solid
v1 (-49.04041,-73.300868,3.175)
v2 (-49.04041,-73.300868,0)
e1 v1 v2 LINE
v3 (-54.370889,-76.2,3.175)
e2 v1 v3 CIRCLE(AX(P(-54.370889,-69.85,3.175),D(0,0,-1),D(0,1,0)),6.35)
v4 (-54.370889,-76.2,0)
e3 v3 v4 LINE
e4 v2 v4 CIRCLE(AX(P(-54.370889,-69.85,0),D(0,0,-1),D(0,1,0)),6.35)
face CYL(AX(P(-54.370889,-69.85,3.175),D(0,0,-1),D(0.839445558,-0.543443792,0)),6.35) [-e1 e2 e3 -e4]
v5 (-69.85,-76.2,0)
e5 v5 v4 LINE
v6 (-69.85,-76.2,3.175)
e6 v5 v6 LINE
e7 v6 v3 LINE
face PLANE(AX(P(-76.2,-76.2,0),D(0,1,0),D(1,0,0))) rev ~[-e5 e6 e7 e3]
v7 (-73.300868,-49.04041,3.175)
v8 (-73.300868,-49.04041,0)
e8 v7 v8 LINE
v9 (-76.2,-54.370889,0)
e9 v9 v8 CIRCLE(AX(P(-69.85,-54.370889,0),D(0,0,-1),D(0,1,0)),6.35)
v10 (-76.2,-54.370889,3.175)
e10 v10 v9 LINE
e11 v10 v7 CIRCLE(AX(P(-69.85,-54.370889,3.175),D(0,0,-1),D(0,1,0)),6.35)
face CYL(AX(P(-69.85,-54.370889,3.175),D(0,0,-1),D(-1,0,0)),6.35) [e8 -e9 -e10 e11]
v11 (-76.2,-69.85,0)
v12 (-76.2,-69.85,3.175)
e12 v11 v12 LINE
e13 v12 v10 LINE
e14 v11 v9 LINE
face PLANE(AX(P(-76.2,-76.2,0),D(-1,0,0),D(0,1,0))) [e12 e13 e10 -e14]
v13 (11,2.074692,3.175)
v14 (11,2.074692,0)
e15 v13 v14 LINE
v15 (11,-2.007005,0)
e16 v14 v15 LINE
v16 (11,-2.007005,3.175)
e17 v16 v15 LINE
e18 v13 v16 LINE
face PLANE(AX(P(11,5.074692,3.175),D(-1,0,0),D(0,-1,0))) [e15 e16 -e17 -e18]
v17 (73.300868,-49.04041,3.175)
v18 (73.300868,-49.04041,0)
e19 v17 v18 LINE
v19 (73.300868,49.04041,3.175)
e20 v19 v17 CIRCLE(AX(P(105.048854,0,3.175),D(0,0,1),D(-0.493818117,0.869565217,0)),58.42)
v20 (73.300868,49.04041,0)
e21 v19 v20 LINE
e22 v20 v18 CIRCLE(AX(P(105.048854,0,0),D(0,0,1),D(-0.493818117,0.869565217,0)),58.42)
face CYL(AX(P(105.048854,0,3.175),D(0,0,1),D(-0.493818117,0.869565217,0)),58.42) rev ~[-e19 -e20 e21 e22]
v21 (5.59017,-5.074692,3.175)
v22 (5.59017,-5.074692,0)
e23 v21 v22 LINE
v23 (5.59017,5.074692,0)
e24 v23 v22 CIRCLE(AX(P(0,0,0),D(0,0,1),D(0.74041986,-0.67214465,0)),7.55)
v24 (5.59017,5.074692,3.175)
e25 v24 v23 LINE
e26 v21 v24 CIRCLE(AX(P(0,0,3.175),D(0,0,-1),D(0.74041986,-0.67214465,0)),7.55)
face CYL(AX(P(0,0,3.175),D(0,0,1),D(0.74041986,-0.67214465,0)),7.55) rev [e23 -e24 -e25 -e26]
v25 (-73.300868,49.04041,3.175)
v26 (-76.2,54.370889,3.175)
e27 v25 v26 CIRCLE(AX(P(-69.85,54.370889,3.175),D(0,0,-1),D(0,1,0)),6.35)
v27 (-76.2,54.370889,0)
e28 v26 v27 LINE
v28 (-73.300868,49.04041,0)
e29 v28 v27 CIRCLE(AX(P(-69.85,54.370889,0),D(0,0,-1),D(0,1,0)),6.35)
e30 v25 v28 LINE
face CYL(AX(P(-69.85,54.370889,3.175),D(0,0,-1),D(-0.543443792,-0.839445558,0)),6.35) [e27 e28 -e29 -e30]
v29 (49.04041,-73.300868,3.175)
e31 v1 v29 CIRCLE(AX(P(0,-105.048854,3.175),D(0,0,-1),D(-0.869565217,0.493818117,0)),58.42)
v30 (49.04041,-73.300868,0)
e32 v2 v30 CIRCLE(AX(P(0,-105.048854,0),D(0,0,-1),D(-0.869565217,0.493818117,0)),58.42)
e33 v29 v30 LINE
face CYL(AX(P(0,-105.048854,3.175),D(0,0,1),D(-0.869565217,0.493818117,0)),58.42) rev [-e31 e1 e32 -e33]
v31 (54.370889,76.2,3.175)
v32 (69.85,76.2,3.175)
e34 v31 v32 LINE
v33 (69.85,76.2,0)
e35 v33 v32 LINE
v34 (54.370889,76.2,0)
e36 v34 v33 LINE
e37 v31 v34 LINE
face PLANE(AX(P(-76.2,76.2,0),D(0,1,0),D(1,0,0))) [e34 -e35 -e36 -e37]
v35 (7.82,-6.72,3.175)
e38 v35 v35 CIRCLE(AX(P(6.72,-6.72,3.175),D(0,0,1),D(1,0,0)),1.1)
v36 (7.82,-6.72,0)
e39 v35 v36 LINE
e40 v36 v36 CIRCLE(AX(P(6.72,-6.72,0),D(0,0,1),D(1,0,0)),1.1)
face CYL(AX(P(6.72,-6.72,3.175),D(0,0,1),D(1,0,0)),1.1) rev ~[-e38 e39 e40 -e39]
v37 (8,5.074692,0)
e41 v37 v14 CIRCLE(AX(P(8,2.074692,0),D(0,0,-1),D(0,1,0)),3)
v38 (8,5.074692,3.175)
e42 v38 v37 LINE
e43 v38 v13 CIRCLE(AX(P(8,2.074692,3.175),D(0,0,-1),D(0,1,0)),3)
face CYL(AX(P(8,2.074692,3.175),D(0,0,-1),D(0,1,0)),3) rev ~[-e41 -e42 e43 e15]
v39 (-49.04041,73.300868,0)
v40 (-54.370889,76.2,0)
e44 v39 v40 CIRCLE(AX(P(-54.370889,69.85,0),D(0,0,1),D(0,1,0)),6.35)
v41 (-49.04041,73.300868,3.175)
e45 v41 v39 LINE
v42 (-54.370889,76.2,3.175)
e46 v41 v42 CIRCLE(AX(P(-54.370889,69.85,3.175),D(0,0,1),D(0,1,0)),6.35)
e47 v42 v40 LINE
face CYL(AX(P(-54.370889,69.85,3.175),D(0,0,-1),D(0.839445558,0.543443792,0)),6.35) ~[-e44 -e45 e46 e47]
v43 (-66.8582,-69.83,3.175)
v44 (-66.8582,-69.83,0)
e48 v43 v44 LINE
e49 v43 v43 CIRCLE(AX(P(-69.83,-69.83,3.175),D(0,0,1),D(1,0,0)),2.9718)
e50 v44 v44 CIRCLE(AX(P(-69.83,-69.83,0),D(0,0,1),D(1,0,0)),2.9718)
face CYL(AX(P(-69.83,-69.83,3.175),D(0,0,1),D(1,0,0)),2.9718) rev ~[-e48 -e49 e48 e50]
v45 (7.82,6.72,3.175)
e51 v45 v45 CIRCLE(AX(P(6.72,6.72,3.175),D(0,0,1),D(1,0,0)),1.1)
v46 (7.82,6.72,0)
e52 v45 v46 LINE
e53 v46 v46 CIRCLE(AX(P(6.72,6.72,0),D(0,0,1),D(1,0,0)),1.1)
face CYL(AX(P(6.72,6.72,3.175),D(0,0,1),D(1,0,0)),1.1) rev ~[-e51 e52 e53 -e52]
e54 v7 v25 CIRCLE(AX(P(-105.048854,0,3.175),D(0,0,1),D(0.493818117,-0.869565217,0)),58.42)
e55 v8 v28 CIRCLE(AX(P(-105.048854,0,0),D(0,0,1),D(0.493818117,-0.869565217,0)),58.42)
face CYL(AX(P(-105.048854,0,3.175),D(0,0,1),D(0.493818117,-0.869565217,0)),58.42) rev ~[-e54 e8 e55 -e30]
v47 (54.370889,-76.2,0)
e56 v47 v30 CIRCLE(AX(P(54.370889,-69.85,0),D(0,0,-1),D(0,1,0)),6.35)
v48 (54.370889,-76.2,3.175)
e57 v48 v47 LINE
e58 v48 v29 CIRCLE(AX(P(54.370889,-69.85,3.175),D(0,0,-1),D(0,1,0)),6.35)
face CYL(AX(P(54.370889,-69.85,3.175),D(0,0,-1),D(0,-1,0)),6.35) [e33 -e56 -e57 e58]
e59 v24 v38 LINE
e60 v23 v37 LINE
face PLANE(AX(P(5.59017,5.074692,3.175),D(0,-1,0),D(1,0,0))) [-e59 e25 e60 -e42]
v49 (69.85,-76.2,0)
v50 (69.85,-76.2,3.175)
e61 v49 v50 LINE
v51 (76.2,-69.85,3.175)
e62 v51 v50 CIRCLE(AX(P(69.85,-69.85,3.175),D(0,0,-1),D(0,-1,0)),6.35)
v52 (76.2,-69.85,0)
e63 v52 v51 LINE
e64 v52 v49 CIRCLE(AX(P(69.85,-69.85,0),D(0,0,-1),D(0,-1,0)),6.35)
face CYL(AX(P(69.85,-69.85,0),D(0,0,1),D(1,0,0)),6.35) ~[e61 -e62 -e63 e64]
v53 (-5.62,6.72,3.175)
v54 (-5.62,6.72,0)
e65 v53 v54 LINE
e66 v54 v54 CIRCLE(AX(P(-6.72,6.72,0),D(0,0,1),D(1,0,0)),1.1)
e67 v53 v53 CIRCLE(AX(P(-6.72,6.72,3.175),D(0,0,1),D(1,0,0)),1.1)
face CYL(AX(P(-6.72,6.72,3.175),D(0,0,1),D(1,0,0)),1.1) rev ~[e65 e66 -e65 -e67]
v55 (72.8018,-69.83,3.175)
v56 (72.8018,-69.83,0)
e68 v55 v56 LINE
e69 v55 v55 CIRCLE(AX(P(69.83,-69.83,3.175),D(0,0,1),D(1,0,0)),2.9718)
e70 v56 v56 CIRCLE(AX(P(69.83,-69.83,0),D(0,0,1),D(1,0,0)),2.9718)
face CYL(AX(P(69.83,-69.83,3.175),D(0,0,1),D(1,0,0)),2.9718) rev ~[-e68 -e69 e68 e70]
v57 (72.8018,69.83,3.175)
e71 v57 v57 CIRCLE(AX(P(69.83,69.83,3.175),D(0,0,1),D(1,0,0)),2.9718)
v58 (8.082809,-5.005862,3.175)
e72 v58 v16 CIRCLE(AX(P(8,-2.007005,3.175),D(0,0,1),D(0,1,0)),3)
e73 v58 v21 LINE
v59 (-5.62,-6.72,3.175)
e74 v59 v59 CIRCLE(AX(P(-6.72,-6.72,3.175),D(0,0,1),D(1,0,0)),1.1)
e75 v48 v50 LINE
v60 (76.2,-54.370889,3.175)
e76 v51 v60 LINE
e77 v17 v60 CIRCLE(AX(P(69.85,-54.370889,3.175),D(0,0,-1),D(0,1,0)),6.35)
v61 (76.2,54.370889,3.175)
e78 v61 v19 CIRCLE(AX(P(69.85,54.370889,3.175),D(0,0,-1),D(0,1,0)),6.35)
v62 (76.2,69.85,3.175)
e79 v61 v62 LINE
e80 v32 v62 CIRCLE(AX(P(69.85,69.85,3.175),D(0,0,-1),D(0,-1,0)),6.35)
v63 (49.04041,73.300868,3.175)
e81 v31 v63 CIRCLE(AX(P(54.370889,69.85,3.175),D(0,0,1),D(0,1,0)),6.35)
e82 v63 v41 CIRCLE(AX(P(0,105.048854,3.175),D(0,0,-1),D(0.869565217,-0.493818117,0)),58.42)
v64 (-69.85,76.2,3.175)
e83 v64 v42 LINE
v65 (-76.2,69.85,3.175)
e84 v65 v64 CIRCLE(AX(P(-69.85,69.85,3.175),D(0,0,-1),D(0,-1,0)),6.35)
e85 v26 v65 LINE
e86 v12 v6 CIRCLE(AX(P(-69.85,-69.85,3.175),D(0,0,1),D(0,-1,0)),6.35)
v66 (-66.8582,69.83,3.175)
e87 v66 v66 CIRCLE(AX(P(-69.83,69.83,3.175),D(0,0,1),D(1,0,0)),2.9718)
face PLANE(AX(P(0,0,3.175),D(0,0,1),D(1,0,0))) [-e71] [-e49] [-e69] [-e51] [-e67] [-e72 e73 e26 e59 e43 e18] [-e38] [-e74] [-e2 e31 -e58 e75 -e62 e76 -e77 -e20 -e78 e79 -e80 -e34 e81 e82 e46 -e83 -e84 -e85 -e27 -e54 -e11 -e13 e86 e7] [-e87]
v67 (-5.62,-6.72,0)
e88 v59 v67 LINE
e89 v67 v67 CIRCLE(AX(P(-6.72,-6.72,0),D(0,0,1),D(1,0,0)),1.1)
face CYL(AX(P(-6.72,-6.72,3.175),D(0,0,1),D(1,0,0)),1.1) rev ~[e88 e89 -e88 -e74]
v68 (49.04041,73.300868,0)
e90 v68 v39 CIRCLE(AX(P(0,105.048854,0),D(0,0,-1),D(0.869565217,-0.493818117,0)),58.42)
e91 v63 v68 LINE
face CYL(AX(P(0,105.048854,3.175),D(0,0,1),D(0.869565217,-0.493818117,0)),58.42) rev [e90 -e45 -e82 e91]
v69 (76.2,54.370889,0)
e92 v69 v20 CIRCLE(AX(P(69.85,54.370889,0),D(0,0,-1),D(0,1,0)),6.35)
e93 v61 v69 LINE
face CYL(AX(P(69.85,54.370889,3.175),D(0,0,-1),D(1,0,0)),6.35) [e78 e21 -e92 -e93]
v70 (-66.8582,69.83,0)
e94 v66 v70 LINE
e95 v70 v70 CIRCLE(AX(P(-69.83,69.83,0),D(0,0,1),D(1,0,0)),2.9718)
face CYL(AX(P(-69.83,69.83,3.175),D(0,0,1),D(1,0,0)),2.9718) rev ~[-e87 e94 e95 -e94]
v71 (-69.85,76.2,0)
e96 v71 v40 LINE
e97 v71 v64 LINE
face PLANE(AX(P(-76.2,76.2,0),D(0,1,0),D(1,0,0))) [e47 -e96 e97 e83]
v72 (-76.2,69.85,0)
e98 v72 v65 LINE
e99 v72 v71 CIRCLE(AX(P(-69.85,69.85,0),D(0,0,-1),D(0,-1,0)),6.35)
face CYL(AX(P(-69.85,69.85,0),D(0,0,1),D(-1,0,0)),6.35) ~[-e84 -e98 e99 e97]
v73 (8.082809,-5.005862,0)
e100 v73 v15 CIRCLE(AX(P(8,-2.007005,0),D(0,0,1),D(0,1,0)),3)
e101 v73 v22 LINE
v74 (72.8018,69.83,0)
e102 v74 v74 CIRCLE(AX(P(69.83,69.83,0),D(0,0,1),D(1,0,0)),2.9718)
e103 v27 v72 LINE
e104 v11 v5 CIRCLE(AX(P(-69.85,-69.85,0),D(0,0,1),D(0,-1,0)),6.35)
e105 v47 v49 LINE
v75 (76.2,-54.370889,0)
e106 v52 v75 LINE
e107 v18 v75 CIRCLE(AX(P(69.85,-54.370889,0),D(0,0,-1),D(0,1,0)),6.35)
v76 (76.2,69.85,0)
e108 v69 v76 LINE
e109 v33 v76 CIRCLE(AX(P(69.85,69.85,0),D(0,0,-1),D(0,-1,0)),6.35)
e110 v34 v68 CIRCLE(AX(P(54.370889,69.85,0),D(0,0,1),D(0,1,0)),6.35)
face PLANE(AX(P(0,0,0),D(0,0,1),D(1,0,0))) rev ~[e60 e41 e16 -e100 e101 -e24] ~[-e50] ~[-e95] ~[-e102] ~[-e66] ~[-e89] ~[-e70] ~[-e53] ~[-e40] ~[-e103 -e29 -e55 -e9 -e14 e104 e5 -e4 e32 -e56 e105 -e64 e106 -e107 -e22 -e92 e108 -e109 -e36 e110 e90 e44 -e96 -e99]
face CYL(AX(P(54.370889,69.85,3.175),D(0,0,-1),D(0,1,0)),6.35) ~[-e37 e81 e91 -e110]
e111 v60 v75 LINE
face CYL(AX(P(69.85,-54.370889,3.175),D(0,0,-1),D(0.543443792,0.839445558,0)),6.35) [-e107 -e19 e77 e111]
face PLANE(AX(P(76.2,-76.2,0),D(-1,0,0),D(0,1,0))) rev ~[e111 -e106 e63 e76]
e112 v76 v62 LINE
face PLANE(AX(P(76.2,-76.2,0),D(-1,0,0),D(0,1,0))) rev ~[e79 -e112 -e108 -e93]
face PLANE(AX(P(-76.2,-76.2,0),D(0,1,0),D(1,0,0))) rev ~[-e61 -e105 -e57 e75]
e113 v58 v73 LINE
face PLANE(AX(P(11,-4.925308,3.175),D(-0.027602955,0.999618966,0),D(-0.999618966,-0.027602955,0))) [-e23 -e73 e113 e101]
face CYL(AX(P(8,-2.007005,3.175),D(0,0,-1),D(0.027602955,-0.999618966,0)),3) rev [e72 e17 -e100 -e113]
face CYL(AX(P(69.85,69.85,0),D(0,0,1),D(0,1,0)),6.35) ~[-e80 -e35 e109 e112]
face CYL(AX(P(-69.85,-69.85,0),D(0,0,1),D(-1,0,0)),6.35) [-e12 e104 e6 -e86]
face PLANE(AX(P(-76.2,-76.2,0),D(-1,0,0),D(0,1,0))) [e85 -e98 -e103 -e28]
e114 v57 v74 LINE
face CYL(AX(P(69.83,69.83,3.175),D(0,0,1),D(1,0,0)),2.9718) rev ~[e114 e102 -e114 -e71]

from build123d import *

# Parameters (mm, degrees)
SKETCH3_W               = 152.4
SKETCH3_H               = 152.4
BOSS_EXTRUDE3_DEPTH     = 3.175
MOTOR_CUT_OUT_DEPTH     = 4.175
SKETCH20_R              = 2.9718
BOLT_HOLES_DEPTH        = 1
BOLT_HOLES_DEPTH_BACK   = 4.175
EDGE_CUT_OUT_DEPTH      = 3.175
FILLET2_R               = 6.35
MIRROR5_COPY_1_DEPTH    = 3.175
FILLET3_R               = 6.35
FILLET4_R               = 6.35
FILLET12_R              = 3
SKETCH27_R              = 1.1
MOTOR_SCREWS_HOLE_DEPTH = 4.175


with BuildPart() as part:
    # Sketch3 → Boss-Extrude3 (new body)
    with BuildSketch(Plane.XY):
        Rectangle(SKETCH3_W, SKETCH3_H)
    extrude(amount=BOSS_EXTRUDE3_DEPTH)

    # Sketch13 → Motor Cut Out (cut, through all)
    with BuildSketch(Plane(origin=(0.106889783, -2.03090588, 3.175), x_dir=(1, 0, 0), z_dir=(0, 0, 1))):
        with BuildLine():
            Line((5.483280161, 7.105597989), (10.893110217, 7.105597989))
            Line((10.893110217, 7.105597989), (10.893110217, -2.894402011))
            Line((10.893110217, -2.894402011), (5.483280161, -3.043786229))
            ThreePointArc((5.483280161, -3.043786229), (-7.656889783, 2.03090588), (5.483280161, 7.105597989))
        make_face()
    extrude(amount=-MOTOR_CUT_OUT_DEPTH, mode=Mode.SUBTRACT)

    # Sketch20 → Bolt Holes (cut, two sides)
    with BuildSketch(Plane.XY.offset(3.175)) as bolt_holes_sk:
        with Locations((-69.83, 69.83)):
            Circle(SKETCH20_R)
        with Locations((69.83, 69.83)):
            Circle(SKETCH20_R)
        with Locations((69.83, -69.83)):
            Circle(SKETCH20_R)
        with Locations((-69.83, -69.83)):
            Circle(SKETCH20_R)
    extrude(amount=BOLT_HOLES_DEPTH, mode=Mode.SUBTRACT)
    extrude(bolt_holes_sk.sketch, amount=-BOLT_HOLES_DEPTH_BACK, mode=Mode.SUBTRACT)

    # Sketch25 → Edge cut out (cut)
    with BuildSketch(Plane.XY.offset(3.175)):
        with BuildLine():
            Line((-76.2, 50.8), (-76.2, -50.8))
            ThreePointArc((-76.2, -50.8), (-46.628854397, 0), (-76.2, 50.8))
        make_face()
    edge_cut_out = extrude(amount=-EDGE_CUT_OUT_DEPTH, mode=Mode.SUBTRACT)

    # Fillet2
    fillet2_edges = [part.edges().sort_by_distance(p)[0] for p in [
        (-76.2, -50.8, 1.5875),
        (-76.2, 50.8, 1.5875),
        (-76.2, -76.2, 1.5875),
        (-76.2, 76.2, 1.5875),
    ]]
    fillet(fillet2_edges, radius=FILLET2_R)

    # Mirror4: Edge cut out across plane
    add(edge_cut_out.mirror(Plane(origin=(0, 0, 0), x_dir=(0, 0, 1), z_dir=(0.707106781, -0.707106781, 0))), mode=Mode.SUBTRACT)

    # Mirror5: Edge cut out across plane
    add(edge_cut_out.mirror(Plane(origin=(0, 0, 0), x_dir=(0, 0, 1), z_dir=(-0.707106781, -0.707106781, 0))), mode=Mode.SUBTRACT)

    # Mirror5 copy 1 sketch → Mirror5 copy 1 (cut)
    with BuildSketch(Plane(origin=(0, 0, 3.175), x_dir=(-1, 0, 0), z_dir=(0, 0, 1))):
        with BuildLine():
            Line((-76.2, 50.8), (-76.2, -50.8))
            ThreePointArc((-76.2, -50.8), (-46.628854397, 0), (-76.2, 50.8))
        make_face()
    extrude(amount=-MIRROR5_COPY_1_DEPTH, mode=Mode.SUBTRACT)

    # Fillet3
    fillet3_edges = [part.edges().sort_by_distance(p)[0] for p in [
        (76.2, -76.2, 1.5875),
        (76.2, 76.2, 1.5875),
        (-50.8, -76.2, 1.5875),
        (50.8, -76.2, 1.5875),
        (76.2, 50.8, 1.5875),
        (76.2, -50.8, 1.5875),
    ]]
    fillet(fillet3_edges, radius=FILLET3_R)

    # Fillet4
    fillet4_edges = [part.edges().sort_by_distance(p)[0] for p in [
        (50.8, 76.2, 1.5875),
        (-50.8, 76.2, 1.5875),
    ]]
    fillet(fillet4_edges, radius=FILLET4_R)

    # Fillet12
    fillet12_edges = [part.edges().sort_by_distance(p)[0] for p in [
        (11, 5.074692109, 1.5875),
        (11, -4.925307891, 1.5875),
    ]]
    fillet(fillet12_edges, radius=FILLET12_R)

    # Sketch27 → Motor screws hole (cut, through all)
    with BuildSketch(Plane.XY.offset(3.175)):
        with Locations((6.72, -6.72)):
            Circle(SKETCH27_R)
        with Locations((6.72, 6.72)):
            Circle(SKETCH27_R)
        with Locations((-6.72, 6.72)):
            Circle(SKETCH27_R)
        with Locations((-6.72, -6.72)):
            Circle(SKETCH27_R)
    extrude(amount=-MOTOR_SCREWS_HOLE_DEPTH, mode=Mode.SUBTRACT)


solid = part.part
